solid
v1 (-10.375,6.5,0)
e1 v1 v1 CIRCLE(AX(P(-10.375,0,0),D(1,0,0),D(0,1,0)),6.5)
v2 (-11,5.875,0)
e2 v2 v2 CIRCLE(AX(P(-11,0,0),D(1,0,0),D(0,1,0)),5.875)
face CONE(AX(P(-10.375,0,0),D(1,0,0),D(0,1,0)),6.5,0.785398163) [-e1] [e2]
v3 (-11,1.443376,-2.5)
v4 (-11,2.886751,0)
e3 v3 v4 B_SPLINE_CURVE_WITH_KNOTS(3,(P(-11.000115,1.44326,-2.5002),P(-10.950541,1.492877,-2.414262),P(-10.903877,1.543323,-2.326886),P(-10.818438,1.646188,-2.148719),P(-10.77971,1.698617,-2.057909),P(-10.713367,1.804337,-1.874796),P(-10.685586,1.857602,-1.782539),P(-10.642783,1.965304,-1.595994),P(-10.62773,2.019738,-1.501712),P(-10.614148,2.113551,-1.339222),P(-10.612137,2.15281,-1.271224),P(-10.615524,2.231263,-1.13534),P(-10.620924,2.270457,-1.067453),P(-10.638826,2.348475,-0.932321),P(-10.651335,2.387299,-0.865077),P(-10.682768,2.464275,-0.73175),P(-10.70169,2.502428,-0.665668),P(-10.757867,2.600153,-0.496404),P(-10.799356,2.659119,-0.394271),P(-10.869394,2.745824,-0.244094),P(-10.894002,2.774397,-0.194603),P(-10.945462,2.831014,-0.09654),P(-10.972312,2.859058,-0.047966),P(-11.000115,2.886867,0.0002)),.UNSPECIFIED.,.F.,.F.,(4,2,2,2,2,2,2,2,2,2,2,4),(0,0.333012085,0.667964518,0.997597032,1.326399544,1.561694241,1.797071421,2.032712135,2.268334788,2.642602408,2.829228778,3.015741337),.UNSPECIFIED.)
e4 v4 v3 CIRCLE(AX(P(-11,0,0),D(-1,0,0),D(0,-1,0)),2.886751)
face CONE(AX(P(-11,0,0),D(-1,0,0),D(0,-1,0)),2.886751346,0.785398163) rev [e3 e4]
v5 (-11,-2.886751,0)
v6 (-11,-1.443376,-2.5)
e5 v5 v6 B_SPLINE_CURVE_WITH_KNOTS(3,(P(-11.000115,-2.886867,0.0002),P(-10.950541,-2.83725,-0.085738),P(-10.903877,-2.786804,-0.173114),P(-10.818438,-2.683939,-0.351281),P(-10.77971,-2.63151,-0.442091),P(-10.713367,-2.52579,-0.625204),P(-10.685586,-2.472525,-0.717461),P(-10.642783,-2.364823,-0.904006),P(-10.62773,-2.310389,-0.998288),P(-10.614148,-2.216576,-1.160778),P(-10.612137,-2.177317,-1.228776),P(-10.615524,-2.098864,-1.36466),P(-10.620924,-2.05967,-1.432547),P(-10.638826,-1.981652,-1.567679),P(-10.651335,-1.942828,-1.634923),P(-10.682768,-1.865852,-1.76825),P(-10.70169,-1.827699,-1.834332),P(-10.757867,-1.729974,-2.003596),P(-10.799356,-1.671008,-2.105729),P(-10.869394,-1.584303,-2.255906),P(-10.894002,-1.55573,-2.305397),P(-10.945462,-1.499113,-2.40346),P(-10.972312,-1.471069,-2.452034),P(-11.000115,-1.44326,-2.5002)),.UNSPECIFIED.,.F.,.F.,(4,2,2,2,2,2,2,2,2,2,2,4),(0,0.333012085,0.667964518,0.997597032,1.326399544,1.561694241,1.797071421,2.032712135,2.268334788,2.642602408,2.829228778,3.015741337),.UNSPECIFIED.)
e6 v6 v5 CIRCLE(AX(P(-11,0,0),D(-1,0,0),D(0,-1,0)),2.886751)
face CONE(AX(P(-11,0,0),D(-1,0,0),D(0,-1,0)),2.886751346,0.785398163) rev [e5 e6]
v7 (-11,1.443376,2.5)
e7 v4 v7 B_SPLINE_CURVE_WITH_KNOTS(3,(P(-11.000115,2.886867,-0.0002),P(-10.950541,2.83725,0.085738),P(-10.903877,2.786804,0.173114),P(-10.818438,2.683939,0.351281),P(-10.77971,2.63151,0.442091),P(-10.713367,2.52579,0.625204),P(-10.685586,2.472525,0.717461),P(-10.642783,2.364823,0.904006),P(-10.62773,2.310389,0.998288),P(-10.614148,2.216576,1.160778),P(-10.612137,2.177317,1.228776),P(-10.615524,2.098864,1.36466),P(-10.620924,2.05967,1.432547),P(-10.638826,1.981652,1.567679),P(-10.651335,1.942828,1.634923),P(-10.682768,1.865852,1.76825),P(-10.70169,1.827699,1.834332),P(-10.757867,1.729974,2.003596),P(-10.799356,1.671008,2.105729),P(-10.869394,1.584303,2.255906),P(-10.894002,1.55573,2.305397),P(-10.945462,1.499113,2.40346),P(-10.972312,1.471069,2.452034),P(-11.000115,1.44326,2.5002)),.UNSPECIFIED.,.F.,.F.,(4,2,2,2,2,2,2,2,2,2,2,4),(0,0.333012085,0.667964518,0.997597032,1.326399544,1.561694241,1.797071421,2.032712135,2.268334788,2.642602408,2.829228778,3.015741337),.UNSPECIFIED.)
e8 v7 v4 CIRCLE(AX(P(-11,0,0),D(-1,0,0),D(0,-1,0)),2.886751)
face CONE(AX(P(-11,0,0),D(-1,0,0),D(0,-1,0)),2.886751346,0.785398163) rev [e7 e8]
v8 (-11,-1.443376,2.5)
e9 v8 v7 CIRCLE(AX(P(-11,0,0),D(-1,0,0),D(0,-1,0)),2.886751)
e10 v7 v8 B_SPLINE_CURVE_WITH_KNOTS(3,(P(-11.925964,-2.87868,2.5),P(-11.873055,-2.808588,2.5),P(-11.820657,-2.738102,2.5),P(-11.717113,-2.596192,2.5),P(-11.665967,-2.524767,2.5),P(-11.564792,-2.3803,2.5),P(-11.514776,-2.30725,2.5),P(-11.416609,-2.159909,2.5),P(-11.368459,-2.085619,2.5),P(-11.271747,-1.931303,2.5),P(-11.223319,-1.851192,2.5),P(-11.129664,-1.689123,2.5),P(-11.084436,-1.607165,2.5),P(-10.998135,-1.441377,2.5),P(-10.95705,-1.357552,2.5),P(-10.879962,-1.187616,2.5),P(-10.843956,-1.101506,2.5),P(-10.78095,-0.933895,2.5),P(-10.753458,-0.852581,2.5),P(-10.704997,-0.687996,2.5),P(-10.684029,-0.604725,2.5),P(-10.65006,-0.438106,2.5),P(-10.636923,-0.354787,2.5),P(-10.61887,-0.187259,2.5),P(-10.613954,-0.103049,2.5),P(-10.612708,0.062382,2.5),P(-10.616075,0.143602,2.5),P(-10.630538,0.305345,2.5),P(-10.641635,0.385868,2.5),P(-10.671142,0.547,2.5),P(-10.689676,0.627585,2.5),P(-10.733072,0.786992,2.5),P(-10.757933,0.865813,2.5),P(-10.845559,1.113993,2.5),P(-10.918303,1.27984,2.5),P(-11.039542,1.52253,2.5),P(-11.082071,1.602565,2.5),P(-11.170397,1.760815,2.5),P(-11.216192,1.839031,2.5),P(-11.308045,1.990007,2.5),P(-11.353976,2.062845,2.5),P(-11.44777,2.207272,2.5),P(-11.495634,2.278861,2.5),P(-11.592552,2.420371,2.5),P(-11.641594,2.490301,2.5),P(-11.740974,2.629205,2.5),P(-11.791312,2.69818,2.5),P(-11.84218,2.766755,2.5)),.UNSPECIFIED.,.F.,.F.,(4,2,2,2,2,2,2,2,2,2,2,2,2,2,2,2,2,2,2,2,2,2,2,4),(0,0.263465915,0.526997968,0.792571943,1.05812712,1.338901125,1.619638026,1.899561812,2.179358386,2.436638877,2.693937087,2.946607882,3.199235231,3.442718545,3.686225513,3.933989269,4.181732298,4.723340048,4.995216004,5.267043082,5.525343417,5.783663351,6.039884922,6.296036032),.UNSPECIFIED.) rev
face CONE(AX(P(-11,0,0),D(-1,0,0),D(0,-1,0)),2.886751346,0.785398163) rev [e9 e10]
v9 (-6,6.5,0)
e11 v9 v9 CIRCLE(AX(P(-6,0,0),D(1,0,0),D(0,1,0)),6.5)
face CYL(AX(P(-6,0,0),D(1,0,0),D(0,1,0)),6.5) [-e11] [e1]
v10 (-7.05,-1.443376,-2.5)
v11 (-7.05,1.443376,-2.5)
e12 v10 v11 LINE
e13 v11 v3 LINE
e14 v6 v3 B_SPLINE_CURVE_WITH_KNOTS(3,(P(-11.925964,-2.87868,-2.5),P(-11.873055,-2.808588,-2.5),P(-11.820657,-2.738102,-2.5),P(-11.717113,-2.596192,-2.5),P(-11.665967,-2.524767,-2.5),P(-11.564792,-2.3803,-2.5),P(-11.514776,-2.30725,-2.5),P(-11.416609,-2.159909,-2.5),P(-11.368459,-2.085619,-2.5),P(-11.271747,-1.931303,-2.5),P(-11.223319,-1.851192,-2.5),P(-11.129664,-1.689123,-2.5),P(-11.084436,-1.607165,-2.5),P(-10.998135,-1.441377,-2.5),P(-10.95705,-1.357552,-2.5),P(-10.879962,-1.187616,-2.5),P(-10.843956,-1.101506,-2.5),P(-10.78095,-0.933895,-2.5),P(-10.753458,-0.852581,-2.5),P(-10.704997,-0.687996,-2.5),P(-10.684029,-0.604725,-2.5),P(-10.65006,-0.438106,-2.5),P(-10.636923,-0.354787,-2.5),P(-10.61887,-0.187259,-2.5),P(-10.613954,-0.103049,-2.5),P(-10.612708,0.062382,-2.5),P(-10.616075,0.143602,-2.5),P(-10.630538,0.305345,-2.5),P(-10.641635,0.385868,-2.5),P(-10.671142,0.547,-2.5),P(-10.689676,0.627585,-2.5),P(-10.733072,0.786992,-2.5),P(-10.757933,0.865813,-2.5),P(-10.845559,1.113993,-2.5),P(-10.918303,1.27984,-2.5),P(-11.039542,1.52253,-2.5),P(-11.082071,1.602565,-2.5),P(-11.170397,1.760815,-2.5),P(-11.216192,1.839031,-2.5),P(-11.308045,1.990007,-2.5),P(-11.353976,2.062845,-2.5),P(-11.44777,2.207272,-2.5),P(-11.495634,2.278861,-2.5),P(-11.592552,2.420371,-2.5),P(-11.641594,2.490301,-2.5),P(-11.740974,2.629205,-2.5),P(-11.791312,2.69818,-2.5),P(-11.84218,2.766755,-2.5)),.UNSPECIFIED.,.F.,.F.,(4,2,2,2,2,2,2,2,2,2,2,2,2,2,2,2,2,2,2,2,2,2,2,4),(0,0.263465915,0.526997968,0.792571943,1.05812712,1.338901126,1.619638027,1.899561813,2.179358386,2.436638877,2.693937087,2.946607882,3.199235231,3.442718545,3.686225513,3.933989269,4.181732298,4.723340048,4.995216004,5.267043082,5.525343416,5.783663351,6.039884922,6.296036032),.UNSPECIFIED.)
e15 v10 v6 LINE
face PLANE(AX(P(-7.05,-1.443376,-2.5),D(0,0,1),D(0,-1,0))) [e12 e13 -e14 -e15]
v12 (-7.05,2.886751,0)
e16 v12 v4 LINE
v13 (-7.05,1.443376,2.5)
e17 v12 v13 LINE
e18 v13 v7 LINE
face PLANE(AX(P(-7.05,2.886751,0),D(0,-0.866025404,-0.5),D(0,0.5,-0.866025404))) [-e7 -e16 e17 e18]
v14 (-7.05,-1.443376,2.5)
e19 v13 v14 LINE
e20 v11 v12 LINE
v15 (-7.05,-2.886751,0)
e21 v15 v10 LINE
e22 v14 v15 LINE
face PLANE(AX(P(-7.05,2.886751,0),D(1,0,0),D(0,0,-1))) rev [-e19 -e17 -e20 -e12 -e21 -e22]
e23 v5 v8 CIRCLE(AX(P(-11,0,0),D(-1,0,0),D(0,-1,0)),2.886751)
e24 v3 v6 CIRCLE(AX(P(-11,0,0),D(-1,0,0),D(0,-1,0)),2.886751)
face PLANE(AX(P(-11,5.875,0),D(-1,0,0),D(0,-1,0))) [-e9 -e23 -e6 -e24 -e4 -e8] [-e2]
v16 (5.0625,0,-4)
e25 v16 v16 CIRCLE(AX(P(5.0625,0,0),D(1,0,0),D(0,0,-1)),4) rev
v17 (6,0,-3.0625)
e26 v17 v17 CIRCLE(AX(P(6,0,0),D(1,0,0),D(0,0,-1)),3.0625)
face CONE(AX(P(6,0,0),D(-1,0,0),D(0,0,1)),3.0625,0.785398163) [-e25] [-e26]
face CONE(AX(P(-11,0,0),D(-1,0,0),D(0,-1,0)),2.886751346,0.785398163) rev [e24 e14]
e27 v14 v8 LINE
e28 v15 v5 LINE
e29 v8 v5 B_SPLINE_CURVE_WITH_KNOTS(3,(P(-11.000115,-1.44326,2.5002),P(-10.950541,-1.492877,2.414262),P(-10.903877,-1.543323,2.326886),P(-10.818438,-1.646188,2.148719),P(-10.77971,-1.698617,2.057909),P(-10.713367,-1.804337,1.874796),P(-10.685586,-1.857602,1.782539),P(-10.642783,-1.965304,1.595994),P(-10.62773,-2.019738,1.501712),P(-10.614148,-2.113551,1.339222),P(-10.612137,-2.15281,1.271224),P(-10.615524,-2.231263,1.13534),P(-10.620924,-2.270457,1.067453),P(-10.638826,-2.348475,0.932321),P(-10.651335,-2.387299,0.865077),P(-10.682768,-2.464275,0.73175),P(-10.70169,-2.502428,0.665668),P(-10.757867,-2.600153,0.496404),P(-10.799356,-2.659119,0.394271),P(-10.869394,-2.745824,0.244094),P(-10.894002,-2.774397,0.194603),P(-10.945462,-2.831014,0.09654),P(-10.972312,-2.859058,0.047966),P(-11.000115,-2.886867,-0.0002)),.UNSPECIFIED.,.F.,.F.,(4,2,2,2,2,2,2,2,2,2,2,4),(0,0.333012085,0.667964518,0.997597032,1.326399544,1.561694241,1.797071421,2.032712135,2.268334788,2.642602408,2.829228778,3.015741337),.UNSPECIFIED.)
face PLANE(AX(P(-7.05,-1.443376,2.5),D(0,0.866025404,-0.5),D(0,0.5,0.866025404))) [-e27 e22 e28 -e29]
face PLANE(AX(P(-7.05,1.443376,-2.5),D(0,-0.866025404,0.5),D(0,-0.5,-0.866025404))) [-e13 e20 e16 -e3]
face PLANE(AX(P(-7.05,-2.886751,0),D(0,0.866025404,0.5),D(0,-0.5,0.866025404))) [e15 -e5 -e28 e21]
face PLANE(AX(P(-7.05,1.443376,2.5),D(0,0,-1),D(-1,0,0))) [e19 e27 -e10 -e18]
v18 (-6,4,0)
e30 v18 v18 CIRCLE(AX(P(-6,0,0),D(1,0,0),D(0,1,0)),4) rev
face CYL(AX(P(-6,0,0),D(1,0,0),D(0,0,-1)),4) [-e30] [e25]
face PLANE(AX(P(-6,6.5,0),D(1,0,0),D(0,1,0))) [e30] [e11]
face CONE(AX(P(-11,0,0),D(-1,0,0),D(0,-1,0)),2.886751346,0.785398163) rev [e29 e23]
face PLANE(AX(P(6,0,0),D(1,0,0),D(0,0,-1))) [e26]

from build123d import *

# Parameters (mm, degrees)
SKETCH2_R           = 4
BOSS_EXTRUDE1_DEPTH = 12
CHAMFER1_SIZE       = 0.9375
CUT_EXTRUDE1_DEPTH  = 3.95


with BuildPart() as part:
    # Sketch2 → Boss-Extrude1 (new body)
    with BuildSketch(Plane(origin=(6, 0, 0), x_dir=(0, 0, -1), z_dir=(1, 0, 0))):
        Circle(SKETCH2_R)
    extrude(amount=-BOSS_EXTRUDE1_DEPTH)

    # Chamfer1
    chamfer1_edges = [part.edges().sort_by_distance(p)[0] for p in [
        (6, 0, 4),
    ]]
    chamfer(chamfer1_edges, length=CHAMFER1_SIZE)

    # Sketch6 → Revolve1 (revolve)
    with BuildSketch(Plane.XY):
        Polygon((-10.375, 6.5), (-11, 5.875), (-11, 0), (-6, 0), (-6, 6.5), align=None)
    revolve(axis=Axis((-6, 0, 0), (-1, 0, 0)))

    # Sketch4 → Cut-Extrude1 (cut)
    with BuildSketch(Plane(origin=(-11, 0, 0), x_dir=(0, 0, -1), z_dir=(1, 0, 0))):
        Polygon((0, 2.886751346), (-2.5, 1.443375673), (-2.5, -1.443375673), (0, -2.886751346), (2.5, -1.443375673), (2.5, 1.443375673), align=None)
    extrude(amount=CUT_EXTRUDE1_DEPTH, mode=Mode.SUBTRACT)

    # Cut-Extrude2 cone 1 section (through the dimple's axis) → Cut-Extrude2 (revolve, cut)
    with BuildSketch(Plane(origin=(-11, 0, 0), x_dir=(0, 0, 1), z_dir=(0, 1, 0))):
        Polygon((0, 0), (2.886751346, 0), (0, 2.886751346), align=None)
    revolve(axis=Axis((-11, 0, 0), (1, 0, 0)), mode=Mode.SUBTRACT)


solid = part.part
